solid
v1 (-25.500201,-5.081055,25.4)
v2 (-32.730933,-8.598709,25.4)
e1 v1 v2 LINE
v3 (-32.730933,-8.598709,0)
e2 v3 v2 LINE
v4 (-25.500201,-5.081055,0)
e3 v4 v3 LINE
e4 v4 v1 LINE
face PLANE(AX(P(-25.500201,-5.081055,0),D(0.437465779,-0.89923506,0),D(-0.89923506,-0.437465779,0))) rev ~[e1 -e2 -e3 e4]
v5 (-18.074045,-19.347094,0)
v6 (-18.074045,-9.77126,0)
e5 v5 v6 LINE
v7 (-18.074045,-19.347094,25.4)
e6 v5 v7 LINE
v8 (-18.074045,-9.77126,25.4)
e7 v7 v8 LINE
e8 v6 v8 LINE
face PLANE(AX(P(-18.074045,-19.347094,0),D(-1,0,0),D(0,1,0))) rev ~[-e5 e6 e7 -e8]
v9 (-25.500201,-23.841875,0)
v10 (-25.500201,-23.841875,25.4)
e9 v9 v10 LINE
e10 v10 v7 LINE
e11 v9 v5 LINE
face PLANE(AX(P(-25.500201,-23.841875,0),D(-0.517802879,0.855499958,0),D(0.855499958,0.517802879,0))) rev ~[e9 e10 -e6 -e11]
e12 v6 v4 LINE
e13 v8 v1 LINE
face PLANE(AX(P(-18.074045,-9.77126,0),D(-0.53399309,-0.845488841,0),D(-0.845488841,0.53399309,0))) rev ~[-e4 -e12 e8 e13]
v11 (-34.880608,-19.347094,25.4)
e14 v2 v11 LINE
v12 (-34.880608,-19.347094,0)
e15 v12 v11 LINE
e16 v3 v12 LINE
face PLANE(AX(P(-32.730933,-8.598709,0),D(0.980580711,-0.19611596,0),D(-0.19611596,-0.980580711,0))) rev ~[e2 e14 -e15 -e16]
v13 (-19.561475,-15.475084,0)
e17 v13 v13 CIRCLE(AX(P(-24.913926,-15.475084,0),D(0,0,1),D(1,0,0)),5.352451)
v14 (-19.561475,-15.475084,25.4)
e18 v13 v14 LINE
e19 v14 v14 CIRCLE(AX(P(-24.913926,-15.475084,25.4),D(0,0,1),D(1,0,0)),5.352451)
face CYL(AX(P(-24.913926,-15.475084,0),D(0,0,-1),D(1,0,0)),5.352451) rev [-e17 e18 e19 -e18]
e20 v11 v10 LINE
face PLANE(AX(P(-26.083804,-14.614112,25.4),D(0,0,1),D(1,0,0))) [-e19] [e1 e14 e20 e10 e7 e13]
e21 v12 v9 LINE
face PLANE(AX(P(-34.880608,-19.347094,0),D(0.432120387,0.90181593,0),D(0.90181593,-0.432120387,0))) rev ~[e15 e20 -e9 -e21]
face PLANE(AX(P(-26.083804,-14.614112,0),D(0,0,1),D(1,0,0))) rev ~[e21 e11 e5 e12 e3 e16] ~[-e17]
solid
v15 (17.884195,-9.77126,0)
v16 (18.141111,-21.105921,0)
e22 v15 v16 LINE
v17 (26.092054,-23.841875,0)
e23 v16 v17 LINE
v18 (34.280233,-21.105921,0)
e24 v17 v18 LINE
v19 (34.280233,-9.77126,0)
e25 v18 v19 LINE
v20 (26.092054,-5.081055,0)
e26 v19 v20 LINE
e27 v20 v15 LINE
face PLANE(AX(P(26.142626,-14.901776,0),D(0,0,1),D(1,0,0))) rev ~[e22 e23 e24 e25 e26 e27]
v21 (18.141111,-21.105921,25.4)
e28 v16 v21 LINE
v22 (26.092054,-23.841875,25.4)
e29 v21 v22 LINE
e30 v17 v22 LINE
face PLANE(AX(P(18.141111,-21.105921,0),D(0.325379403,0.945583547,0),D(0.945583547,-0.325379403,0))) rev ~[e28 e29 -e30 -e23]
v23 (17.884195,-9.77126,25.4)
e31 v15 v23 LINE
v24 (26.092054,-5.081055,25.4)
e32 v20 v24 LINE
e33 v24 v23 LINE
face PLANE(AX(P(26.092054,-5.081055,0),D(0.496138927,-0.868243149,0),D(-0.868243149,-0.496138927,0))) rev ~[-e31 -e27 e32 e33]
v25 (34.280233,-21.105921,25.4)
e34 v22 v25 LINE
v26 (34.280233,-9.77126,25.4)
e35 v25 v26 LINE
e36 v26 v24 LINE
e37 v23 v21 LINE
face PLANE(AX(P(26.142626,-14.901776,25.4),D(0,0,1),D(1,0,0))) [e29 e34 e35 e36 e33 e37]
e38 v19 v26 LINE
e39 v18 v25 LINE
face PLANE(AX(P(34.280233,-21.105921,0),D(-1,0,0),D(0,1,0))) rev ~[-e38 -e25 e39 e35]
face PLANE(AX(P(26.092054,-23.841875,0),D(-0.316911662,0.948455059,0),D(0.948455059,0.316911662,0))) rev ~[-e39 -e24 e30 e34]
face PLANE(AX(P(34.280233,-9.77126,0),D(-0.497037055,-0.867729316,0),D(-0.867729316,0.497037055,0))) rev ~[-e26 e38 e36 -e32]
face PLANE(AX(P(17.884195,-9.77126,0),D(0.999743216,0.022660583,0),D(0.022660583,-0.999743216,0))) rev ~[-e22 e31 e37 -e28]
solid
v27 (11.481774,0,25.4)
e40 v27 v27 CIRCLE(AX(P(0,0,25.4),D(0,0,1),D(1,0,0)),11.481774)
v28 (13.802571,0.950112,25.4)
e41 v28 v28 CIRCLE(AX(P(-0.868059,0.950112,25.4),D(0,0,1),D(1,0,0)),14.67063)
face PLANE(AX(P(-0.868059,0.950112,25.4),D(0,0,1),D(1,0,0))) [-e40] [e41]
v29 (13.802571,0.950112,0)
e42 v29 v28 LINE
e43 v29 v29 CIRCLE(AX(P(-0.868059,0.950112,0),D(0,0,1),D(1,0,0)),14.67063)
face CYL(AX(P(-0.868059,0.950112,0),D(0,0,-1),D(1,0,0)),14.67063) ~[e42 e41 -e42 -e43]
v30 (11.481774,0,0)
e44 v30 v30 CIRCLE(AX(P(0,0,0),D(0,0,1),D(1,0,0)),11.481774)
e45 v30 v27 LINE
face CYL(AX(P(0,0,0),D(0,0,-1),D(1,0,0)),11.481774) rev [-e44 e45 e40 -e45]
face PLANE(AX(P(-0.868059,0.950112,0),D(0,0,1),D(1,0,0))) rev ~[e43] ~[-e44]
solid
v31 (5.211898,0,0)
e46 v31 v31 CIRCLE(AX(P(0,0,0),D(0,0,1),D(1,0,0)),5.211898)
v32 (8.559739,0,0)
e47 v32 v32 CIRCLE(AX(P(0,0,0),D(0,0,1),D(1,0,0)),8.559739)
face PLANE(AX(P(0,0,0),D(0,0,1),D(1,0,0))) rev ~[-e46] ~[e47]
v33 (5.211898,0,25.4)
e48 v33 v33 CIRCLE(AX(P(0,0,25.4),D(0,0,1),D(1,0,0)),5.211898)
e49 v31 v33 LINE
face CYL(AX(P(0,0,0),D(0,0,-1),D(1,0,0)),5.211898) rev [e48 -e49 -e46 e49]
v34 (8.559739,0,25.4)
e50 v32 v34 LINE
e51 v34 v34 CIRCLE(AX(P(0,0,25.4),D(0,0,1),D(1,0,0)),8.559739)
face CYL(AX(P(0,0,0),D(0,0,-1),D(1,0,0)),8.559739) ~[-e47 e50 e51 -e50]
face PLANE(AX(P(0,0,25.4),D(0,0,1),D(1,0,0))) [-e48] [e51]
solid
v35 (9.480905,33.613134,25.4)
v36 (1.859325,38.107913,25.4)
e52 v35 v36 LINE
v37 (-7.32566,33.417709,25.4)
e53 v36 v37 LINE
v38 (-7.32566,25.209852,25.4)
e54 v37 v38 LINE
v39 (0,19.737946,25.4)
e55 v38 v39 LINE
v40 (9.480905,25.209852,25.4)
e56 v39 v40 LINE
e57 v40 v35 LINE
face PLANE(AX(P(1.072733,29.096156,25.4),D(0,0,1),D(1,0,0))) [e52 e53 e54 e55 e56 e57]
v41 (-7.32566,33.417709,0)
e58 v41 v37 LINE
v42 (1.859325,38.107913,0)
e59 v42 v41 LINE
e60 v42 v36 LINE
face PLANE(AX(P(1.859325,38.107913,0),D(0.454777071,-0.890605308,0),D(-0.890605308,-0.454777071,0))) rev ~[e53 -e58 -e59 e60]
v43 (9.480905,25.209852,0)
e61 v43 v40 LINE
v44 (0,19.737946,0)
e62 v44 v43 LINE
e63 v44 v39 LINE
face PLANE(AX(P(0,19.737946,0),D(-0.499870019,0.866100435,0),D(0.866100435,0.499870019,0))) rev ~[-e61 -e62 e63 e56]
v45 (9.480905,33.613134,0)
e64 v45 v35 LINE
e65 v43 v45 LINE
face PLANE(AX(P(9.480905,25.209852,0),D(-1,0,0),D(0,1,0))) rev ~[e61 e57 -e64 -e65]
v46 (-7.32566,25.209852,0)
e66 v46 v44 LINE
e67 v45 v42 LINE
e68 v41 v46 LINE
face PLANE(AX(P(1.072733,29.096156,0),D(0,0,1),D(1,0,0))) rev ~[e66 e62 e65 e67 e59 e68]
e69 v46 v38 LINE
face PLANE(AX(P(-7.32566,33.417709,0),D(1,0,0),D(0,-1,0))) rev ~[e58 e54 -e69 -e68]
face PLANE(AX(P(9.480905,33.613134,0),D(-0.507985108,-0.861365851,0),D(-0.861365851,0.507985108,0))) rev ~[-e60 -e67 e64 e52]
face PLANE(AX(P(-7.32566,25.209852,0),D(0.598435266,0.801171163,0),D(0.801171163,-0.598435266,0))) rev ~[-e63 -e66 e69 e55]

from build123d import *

# Parameters (mm, degrees)
F0_R     = 14.67063
F0_R_2   = 11.481774
F0_R_3   = 8.559739
F0_R_4   = 5.211898
F0_R_5   = 6.66613
F0_R_6   = 5.352451
F1_DEPTH = 25.4


with BuildPart() as f1:
    # F0 (on Top) → F1 (new body)
    with BuildSketch(Plane.XY):
        with Locations((-0.868059, 0.950112)):
            Circle(F0_R)
        Circle(F0_R_2, mode=Mode.SUBTRACT)
        Circle(F0_R_3)
        Circle(F0_R_4, mode=Mode.SUBTRACT)
        Polygon((26.092054, -5.081055), (17.884195, -9.77126), (18.141111, -21.105921), (26.092054, -23.841875), (34.280233, -21.105921), (34.280233, -9.77126), align=None)
        with Locations((25.310345, -15.475084)):
            Circle(F0_R_5, mode=Mode.SUBTRACT)
        with Locations((25.310345, -15.475084)):
            Circle(F0_R_5)
        Polygon((-25.500201, -5.081055), (-32.730933, -8.598709), (-34.880608, -19.347094), (-25.500201, -23.841875), (-18.074045, -19.347094), (-18.074045, -9.77126), align=None)
        with Locations((-24.913926, -15.475084)):
            Circle(F0_R_6, mode=Mode.SUBTRACT)
        Polygon((1.859325, 38.107913), (-7.32566, 33.417709), (-7.32566, 25.209852), (0, 19.737946), (9.480905, 25.209852), (9.480905, 33.613134), align=None)
    extrude(amount=F1_DEPTH)


solid = f1.part
